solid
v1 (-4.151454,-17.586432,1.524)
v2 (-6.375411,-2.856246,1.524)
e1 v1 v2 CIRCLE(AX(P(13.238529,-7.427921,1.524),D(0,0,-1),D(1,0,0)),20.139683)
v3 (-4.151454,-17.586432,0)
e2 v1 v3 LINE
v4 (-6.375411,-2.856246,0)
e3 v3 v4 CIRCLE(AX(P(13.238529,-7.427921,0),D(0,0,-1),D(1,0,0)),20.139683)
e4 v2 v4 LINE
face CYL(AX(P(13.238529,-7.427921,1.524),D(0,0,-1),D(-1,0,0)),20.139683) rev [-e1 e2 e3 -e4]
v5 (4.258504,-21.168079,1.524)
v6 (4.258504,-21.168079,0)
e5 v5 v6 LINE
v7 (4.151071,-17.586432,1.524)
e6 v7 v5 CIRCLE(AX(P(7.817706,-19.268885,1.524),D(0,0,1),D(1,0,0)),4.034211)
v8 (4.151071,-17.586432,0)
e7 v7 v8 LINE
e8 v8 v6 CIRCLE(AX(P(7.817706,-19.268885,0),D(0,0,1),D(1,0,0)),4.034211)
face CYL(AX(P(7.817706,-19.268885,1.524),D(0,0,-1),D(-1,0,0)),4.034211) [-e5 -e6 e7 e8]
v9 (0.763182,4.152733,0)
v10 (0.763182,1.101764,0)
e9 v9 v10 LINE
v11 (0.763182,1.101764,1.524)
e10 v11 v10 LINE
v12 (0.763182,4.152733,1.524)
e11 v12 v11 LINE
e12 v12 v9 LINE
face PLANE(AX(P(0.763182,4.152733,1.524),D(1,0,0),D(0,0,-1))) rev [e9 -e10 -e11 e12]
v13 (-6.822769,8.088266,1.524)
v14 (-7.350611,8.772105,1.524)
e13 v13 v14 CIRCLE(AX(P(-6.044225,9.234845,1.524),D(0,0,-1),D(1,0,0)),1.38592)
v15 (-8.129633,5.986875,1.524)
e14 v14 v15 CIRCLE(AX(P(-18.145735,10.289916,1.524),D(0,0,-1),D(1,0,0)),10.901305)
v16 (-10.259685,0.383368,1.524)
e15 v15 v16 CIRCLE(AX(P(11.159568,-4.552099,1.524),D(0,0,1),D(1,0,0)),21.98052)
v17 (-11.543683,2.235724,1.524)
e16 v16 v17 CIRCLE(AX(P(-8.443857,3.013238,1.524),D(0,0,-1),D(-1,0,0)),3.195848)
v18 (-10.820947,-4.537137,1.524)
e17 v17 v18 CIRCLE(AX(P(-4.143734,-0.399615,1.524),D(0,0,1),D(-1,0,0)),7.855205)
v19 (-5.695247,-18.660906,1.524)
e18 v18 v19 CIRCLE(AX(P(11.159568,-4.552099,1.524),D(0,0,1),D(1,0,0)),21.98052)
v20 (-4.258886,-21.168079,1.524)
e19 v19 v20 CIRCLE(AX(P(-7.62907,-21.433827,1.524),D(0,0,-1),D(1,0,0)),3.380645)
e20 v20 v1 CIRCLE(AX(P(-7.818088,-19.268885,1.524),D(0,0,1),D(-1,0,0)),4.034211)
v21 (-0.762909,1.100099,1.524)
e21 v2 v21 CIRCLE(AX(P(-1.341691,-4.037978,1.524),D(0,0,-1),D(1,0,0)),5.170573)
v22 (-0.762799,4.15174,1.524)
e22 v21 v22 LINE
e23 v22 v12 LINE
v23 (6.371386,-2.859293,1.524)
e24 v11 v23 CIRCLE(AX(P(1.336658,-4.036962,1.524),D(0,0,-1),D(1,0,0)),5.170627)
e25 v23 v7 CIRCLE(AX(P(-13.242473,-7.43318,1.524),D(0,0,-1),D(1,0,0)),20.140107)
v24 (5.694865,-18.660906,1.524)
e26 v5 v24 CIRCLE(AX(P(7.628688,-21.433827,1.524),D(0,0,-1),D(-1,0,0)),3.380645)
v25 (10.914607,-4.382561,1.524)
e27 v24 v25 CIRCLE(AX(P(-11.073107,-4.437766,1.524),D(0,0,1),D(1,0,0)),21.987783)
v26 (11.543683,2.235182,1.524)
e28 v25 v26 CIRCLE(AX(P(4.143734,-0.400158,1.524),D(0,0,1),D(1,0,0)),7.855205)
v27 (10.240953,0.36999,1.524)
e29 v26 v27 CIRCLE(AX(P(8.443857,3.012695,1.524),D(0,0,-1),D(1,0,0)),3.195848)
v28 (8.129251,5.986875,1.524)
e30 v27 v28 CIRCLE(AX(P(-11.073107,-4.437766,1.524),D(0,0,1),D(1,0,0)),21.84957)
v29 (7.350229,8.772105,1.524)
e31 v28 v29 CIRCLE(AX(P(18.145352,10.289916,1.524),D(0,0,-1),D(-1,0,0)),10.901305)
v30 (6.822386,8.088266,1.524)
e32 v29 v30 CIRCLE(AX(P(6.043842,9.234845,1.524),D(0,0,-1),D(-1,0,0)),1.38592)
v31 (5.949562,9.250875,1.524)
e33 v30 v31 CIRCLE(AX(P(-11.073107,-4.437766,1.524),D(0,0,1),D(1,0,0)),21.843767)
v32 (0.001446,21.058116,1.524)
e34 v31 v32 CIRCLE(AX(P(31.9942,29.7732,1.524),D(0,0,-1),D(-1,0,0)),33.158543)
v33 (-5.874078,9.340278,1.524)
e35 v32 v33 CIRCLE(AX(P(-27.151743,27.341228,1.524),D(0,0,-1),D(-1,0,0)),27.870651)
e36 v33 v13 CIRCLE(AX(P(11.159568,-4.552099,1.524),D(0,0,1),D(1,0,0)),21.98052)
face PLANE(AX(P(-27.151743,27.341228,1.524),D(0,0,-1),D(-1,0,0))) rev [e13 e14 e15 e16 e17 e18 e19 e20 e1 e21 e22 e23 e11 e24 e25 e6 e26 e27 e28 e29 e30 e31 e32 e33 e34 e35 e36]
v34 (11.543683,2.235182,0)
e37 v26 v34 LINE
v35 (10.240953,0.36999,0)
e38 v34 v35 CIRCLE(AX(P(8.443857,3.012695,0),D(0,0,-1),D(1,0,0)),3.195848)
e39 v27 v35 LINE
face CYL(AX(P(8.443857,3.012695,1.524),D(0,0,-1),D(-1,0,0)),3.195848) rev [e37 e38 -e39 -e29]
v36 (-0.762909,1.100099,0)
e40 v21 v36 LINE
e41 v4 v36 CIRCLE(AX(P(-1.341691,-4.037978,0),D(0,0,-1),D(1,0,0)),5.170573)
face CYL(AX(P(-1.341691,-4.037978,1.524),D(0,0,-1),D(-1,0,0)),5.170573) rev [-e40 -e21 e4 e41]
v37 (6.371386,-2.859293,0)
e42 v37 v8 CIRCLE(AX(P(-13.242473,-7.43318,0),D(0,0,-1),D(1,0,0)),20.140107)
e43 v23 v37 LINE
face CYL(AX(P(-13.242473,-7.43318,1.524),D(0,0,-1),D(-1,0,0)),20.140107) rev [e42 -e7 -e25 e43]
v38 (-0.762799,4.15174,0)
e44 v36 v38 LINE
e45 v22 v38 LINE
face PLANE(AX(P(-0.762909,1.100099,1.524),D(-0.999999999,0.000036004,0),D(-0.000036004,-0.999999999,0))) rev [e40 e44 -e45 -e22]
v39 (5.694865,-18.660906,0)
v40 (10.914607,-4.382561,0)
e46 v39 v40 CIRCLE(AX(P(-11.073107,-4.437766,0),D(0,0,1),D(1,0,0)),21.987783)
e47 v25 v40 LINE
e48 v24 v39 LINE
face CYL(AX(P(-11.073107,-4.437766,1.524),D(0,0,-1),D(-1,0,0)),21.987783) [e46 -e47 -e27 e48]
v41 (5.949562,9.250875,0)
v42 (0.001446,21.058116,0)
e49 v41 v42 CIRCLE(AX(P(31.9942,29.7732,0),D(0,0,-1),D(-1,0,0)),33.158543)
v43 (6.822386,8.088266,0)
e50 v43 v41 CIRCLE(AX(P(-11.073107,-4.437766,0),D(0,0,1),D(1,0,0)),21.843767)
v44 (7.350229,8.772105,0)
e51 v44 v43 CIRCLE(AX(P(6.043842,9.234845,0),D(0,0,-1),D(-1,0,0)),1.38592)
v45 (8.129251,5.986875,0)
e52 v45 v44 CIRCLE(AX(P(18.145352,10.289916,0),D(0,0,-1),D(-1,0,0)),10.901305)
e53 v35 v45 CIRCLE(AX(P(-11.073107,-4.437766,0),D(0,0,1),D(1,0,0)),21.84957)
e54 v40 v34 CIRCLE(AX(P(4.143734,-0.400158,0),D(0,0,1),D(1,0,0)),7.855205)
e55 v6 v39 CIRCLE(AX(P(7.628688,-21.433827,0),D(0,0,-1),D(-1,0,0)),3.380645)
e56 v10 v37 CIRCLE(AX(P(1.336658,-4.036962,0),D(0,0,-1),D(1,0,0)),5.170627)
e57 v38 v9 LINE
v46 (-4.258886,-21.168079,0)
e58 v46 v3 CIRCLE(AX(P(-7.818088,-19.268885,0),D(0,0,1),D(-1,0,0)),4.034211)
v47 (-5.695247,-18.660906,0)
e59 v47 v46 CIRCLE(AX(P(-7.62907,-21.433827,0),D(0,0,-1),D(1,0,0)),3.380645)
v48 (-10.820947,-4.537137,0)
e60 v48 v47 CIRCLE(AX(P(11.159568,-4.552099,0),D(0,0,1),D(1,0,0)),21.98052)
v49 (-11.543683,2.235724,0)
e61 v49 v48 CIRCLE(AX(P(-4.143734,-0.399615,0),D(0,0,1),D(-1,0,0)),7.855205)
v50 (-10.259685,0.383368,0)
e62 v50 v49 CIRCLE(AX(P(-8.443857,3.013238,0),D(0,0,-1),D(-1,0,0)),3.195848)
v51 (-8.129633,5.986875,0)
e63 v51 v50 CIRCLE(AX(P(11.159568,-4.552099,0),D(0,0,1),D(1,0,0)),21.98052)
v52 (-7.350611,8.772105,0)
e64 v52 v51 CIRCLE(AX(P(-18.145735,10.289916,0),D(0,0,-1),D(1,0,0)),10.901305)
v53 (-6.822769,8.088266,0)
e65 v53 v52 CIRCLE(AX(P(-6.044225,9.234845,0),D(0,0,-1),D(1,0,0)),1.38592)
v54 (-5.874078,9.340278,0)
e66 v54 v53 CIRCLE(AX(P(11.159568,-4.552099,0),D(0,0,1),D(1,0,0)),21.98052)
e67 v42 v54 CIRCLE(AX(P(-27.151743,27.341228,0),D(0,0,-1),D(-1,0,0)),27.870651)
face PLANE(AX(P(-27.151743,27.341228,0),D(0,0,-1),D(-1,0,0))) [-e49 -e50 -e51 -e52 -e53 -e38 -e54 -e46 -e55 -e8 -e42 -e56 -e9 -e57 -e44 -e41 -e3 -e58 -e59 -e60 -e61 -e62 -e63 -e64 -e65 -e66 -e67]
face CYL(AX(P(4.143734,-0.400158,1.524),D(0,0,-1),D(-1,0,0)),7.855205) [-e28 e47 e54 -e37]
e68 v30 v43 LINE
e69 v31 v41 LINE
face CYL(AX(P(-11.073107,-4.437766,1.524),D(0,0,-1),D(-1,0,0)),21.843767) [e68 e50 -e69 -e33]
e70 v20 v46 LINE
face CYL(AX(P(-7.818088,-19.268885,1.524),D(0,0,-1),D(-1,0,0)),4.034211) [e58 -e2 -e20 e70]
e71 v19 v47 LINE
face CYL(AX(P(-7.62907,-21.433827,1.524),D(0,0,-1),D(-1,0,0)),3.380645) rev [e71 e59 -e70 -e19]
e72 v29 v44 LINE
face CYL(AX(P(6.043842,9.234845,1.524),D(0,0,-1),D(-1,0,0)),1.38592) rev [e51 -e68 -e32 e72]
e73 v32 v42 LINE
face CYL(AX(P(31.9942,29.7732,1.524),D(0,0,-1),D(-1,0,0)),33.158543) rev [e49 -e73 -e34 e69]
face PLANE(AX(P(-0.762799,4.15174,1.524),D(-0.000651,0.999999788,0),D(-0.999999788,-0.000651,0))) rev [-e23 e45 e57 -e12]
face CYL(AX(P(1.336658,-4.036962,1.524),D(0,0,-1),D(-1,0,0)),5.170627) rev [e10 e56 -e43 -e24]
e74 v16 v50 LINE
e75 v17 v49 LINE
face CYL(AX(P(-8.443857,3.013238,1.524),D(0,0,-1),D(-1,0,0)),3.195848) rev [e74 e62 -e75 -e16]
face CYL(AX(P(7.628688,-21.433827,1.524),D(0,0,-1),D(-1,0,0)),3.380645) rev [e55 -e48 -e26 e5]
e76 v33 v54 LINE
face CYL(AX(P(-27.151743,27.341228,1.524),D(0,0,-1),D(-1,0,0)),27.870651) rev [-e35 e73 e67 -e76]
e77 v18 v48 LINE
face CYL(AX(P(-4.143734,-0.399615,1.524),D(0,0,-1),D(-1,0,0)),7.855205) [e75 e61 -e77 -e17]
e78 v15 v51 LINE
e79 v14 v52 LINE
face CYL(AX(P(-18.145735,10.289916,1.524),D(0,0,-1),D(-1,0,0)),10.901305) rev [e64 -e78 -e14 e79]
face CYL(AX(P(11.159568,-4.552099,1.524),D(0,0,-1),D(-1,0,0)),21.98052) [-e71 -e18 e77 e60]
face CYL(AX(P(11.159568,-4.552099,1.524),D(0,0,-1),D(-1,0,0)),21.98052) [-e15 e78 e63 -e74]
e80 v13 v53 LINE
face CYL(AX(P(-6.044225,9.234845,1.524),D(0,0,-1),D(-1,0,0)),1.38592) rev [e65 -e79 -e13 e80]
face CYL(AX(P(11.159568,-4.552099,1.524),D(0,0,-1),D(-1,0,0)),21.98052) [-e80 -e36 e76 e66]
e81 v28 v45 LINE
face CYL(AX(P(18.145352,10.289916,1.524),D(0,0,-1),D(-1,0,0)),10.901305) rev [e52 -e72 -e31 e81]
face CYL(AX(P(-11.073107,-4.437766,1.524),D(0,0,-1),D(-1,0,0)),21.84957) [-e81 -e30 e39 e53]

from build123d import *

# Parameters (mm, degrees)
BOSS_EXTRUDE1_DEPTH = 1.524


with BuildPart() as part:
    # Sketch1 → Boss-Extrude1 (new body)
    with BuildSketch(Plane.XY):
        with BuildLine():
            Line((-0.762799401, 4.151739841), (0.763181799, 4.152733255))
            Line((0.763181799, 4.152733255), (0.763181799, 1.101764269))
            ThreePointArc((0.763181799, 1.101764269), (4.319640518, 0.186449021), (6.371385502, -2.859292784))
            ThreePointArc((6.371385502, -2.859292784), (6.672574584, -10.435641577), (4.151071361, -17.586431561))
            ThreePointArc((4.151071361, -17.586431561), (3.785308505, -19.389837846), (4.258503872, -21.168079349))
            ThreePointArc((4.258503872, -21.168079349), (4.695327747, -19.753303526), (5.694864831, -18.660906461))
            ThreePointArc((5.694864831, -18.660906461), (9.578008584, -11.987204881), (10.914606675, -4.382561317))
            ThreePointArc((10.914606675, -4.382561317), (11.963687789, -1.143514723), (11.54368289, 2.235181758))
            ThreePointArc((11.54368289, 2.235181758), (11.063913724, 1.182736218), (10.240953414, 0.369990013))
            ThreePointArc((10.240953414, 0.369990013), (9.378846201, 3.251271559), (8.129251062, 5.986874633))
            ThreePointArc((8.129251062, 5.986874633), (7.646964471, 7.353540521), (7.350228625, 8.772104529))
            ThreePointArc((7.350228625, 8.772104529), (7.140948693, 8.388008696), (6.822386333, 8.088265938))
            ThreePointArc((6.822386333, 8.088265938), (6.395648788, 8.676833831), (5.949561914, 9.25087529))
            ThreePointArc((5.949561914, 9.25087529), (2.381070398, 14.85503863), (0.00144629, 21.058115893))
            ThreePointArc((0.00144629, 21.058115893), (-2.237613904, 14.848855853), (-5.874078491, 9.34027835))
            ThreePointArc((-5.874078491, 9.34027835), (-6.359611605, 8.722749648), (-6.822768731, 8.088265938))
            ThreePointArc((-6.822768731, 8.088265938), (-7.141331091, 8.388008696), (-7.350611023, 8.772104529))
            ThreePointArc((-7.350611023, 8.772104529), (-7.647346869, 7.353540521), (-8.12963346, 5.986874633))
            ThreePointArc((-8.12963346, 5.986874633), (-9.386584799, 3.258077765), (-10.259685397, 0.383368325))
            ThreePointArc((-10.259685397, 0.383368325), (-11.070398481, 1.192598639), (-11.54368289, 2.235724362))
            ThreePointArc((-11.54368289, 2.235724362), (-11.954593886, -1.23311659), (-10.820946706, -4.537136787))
            ThreePointArc((-10.820946706, -4.537136787), (-9.502375995, -12.050586646), (-5.695247229, -18.660906461))
            ThreePointArc((-5.695247229, -18.660906461), (-4.695710145, -19.753303526), (-4.25888627, -21.168079349))
            ThreePointArc((-4.25888627, -21.168079349), (-3.785690903, -19.389837846), (-4.151453759, -17.586431561))
            ThreePointArc((-4.151453759, -17.586431561), (-6.675465031, -10.434527086), (-6.375410647, -2.856246417))
            ThreePointArc((-6.375410647, -2.856246417), (-4.320748698, 0.188135712), (-0.762909272, 1.100098915))
            Line((-0.762909272, 1.100098915), (-0.762799401, 4.151739841))
        make_face()
    extrude(amount=BOSS_EXTRUDE1_DEPTH)


solid = part.part
